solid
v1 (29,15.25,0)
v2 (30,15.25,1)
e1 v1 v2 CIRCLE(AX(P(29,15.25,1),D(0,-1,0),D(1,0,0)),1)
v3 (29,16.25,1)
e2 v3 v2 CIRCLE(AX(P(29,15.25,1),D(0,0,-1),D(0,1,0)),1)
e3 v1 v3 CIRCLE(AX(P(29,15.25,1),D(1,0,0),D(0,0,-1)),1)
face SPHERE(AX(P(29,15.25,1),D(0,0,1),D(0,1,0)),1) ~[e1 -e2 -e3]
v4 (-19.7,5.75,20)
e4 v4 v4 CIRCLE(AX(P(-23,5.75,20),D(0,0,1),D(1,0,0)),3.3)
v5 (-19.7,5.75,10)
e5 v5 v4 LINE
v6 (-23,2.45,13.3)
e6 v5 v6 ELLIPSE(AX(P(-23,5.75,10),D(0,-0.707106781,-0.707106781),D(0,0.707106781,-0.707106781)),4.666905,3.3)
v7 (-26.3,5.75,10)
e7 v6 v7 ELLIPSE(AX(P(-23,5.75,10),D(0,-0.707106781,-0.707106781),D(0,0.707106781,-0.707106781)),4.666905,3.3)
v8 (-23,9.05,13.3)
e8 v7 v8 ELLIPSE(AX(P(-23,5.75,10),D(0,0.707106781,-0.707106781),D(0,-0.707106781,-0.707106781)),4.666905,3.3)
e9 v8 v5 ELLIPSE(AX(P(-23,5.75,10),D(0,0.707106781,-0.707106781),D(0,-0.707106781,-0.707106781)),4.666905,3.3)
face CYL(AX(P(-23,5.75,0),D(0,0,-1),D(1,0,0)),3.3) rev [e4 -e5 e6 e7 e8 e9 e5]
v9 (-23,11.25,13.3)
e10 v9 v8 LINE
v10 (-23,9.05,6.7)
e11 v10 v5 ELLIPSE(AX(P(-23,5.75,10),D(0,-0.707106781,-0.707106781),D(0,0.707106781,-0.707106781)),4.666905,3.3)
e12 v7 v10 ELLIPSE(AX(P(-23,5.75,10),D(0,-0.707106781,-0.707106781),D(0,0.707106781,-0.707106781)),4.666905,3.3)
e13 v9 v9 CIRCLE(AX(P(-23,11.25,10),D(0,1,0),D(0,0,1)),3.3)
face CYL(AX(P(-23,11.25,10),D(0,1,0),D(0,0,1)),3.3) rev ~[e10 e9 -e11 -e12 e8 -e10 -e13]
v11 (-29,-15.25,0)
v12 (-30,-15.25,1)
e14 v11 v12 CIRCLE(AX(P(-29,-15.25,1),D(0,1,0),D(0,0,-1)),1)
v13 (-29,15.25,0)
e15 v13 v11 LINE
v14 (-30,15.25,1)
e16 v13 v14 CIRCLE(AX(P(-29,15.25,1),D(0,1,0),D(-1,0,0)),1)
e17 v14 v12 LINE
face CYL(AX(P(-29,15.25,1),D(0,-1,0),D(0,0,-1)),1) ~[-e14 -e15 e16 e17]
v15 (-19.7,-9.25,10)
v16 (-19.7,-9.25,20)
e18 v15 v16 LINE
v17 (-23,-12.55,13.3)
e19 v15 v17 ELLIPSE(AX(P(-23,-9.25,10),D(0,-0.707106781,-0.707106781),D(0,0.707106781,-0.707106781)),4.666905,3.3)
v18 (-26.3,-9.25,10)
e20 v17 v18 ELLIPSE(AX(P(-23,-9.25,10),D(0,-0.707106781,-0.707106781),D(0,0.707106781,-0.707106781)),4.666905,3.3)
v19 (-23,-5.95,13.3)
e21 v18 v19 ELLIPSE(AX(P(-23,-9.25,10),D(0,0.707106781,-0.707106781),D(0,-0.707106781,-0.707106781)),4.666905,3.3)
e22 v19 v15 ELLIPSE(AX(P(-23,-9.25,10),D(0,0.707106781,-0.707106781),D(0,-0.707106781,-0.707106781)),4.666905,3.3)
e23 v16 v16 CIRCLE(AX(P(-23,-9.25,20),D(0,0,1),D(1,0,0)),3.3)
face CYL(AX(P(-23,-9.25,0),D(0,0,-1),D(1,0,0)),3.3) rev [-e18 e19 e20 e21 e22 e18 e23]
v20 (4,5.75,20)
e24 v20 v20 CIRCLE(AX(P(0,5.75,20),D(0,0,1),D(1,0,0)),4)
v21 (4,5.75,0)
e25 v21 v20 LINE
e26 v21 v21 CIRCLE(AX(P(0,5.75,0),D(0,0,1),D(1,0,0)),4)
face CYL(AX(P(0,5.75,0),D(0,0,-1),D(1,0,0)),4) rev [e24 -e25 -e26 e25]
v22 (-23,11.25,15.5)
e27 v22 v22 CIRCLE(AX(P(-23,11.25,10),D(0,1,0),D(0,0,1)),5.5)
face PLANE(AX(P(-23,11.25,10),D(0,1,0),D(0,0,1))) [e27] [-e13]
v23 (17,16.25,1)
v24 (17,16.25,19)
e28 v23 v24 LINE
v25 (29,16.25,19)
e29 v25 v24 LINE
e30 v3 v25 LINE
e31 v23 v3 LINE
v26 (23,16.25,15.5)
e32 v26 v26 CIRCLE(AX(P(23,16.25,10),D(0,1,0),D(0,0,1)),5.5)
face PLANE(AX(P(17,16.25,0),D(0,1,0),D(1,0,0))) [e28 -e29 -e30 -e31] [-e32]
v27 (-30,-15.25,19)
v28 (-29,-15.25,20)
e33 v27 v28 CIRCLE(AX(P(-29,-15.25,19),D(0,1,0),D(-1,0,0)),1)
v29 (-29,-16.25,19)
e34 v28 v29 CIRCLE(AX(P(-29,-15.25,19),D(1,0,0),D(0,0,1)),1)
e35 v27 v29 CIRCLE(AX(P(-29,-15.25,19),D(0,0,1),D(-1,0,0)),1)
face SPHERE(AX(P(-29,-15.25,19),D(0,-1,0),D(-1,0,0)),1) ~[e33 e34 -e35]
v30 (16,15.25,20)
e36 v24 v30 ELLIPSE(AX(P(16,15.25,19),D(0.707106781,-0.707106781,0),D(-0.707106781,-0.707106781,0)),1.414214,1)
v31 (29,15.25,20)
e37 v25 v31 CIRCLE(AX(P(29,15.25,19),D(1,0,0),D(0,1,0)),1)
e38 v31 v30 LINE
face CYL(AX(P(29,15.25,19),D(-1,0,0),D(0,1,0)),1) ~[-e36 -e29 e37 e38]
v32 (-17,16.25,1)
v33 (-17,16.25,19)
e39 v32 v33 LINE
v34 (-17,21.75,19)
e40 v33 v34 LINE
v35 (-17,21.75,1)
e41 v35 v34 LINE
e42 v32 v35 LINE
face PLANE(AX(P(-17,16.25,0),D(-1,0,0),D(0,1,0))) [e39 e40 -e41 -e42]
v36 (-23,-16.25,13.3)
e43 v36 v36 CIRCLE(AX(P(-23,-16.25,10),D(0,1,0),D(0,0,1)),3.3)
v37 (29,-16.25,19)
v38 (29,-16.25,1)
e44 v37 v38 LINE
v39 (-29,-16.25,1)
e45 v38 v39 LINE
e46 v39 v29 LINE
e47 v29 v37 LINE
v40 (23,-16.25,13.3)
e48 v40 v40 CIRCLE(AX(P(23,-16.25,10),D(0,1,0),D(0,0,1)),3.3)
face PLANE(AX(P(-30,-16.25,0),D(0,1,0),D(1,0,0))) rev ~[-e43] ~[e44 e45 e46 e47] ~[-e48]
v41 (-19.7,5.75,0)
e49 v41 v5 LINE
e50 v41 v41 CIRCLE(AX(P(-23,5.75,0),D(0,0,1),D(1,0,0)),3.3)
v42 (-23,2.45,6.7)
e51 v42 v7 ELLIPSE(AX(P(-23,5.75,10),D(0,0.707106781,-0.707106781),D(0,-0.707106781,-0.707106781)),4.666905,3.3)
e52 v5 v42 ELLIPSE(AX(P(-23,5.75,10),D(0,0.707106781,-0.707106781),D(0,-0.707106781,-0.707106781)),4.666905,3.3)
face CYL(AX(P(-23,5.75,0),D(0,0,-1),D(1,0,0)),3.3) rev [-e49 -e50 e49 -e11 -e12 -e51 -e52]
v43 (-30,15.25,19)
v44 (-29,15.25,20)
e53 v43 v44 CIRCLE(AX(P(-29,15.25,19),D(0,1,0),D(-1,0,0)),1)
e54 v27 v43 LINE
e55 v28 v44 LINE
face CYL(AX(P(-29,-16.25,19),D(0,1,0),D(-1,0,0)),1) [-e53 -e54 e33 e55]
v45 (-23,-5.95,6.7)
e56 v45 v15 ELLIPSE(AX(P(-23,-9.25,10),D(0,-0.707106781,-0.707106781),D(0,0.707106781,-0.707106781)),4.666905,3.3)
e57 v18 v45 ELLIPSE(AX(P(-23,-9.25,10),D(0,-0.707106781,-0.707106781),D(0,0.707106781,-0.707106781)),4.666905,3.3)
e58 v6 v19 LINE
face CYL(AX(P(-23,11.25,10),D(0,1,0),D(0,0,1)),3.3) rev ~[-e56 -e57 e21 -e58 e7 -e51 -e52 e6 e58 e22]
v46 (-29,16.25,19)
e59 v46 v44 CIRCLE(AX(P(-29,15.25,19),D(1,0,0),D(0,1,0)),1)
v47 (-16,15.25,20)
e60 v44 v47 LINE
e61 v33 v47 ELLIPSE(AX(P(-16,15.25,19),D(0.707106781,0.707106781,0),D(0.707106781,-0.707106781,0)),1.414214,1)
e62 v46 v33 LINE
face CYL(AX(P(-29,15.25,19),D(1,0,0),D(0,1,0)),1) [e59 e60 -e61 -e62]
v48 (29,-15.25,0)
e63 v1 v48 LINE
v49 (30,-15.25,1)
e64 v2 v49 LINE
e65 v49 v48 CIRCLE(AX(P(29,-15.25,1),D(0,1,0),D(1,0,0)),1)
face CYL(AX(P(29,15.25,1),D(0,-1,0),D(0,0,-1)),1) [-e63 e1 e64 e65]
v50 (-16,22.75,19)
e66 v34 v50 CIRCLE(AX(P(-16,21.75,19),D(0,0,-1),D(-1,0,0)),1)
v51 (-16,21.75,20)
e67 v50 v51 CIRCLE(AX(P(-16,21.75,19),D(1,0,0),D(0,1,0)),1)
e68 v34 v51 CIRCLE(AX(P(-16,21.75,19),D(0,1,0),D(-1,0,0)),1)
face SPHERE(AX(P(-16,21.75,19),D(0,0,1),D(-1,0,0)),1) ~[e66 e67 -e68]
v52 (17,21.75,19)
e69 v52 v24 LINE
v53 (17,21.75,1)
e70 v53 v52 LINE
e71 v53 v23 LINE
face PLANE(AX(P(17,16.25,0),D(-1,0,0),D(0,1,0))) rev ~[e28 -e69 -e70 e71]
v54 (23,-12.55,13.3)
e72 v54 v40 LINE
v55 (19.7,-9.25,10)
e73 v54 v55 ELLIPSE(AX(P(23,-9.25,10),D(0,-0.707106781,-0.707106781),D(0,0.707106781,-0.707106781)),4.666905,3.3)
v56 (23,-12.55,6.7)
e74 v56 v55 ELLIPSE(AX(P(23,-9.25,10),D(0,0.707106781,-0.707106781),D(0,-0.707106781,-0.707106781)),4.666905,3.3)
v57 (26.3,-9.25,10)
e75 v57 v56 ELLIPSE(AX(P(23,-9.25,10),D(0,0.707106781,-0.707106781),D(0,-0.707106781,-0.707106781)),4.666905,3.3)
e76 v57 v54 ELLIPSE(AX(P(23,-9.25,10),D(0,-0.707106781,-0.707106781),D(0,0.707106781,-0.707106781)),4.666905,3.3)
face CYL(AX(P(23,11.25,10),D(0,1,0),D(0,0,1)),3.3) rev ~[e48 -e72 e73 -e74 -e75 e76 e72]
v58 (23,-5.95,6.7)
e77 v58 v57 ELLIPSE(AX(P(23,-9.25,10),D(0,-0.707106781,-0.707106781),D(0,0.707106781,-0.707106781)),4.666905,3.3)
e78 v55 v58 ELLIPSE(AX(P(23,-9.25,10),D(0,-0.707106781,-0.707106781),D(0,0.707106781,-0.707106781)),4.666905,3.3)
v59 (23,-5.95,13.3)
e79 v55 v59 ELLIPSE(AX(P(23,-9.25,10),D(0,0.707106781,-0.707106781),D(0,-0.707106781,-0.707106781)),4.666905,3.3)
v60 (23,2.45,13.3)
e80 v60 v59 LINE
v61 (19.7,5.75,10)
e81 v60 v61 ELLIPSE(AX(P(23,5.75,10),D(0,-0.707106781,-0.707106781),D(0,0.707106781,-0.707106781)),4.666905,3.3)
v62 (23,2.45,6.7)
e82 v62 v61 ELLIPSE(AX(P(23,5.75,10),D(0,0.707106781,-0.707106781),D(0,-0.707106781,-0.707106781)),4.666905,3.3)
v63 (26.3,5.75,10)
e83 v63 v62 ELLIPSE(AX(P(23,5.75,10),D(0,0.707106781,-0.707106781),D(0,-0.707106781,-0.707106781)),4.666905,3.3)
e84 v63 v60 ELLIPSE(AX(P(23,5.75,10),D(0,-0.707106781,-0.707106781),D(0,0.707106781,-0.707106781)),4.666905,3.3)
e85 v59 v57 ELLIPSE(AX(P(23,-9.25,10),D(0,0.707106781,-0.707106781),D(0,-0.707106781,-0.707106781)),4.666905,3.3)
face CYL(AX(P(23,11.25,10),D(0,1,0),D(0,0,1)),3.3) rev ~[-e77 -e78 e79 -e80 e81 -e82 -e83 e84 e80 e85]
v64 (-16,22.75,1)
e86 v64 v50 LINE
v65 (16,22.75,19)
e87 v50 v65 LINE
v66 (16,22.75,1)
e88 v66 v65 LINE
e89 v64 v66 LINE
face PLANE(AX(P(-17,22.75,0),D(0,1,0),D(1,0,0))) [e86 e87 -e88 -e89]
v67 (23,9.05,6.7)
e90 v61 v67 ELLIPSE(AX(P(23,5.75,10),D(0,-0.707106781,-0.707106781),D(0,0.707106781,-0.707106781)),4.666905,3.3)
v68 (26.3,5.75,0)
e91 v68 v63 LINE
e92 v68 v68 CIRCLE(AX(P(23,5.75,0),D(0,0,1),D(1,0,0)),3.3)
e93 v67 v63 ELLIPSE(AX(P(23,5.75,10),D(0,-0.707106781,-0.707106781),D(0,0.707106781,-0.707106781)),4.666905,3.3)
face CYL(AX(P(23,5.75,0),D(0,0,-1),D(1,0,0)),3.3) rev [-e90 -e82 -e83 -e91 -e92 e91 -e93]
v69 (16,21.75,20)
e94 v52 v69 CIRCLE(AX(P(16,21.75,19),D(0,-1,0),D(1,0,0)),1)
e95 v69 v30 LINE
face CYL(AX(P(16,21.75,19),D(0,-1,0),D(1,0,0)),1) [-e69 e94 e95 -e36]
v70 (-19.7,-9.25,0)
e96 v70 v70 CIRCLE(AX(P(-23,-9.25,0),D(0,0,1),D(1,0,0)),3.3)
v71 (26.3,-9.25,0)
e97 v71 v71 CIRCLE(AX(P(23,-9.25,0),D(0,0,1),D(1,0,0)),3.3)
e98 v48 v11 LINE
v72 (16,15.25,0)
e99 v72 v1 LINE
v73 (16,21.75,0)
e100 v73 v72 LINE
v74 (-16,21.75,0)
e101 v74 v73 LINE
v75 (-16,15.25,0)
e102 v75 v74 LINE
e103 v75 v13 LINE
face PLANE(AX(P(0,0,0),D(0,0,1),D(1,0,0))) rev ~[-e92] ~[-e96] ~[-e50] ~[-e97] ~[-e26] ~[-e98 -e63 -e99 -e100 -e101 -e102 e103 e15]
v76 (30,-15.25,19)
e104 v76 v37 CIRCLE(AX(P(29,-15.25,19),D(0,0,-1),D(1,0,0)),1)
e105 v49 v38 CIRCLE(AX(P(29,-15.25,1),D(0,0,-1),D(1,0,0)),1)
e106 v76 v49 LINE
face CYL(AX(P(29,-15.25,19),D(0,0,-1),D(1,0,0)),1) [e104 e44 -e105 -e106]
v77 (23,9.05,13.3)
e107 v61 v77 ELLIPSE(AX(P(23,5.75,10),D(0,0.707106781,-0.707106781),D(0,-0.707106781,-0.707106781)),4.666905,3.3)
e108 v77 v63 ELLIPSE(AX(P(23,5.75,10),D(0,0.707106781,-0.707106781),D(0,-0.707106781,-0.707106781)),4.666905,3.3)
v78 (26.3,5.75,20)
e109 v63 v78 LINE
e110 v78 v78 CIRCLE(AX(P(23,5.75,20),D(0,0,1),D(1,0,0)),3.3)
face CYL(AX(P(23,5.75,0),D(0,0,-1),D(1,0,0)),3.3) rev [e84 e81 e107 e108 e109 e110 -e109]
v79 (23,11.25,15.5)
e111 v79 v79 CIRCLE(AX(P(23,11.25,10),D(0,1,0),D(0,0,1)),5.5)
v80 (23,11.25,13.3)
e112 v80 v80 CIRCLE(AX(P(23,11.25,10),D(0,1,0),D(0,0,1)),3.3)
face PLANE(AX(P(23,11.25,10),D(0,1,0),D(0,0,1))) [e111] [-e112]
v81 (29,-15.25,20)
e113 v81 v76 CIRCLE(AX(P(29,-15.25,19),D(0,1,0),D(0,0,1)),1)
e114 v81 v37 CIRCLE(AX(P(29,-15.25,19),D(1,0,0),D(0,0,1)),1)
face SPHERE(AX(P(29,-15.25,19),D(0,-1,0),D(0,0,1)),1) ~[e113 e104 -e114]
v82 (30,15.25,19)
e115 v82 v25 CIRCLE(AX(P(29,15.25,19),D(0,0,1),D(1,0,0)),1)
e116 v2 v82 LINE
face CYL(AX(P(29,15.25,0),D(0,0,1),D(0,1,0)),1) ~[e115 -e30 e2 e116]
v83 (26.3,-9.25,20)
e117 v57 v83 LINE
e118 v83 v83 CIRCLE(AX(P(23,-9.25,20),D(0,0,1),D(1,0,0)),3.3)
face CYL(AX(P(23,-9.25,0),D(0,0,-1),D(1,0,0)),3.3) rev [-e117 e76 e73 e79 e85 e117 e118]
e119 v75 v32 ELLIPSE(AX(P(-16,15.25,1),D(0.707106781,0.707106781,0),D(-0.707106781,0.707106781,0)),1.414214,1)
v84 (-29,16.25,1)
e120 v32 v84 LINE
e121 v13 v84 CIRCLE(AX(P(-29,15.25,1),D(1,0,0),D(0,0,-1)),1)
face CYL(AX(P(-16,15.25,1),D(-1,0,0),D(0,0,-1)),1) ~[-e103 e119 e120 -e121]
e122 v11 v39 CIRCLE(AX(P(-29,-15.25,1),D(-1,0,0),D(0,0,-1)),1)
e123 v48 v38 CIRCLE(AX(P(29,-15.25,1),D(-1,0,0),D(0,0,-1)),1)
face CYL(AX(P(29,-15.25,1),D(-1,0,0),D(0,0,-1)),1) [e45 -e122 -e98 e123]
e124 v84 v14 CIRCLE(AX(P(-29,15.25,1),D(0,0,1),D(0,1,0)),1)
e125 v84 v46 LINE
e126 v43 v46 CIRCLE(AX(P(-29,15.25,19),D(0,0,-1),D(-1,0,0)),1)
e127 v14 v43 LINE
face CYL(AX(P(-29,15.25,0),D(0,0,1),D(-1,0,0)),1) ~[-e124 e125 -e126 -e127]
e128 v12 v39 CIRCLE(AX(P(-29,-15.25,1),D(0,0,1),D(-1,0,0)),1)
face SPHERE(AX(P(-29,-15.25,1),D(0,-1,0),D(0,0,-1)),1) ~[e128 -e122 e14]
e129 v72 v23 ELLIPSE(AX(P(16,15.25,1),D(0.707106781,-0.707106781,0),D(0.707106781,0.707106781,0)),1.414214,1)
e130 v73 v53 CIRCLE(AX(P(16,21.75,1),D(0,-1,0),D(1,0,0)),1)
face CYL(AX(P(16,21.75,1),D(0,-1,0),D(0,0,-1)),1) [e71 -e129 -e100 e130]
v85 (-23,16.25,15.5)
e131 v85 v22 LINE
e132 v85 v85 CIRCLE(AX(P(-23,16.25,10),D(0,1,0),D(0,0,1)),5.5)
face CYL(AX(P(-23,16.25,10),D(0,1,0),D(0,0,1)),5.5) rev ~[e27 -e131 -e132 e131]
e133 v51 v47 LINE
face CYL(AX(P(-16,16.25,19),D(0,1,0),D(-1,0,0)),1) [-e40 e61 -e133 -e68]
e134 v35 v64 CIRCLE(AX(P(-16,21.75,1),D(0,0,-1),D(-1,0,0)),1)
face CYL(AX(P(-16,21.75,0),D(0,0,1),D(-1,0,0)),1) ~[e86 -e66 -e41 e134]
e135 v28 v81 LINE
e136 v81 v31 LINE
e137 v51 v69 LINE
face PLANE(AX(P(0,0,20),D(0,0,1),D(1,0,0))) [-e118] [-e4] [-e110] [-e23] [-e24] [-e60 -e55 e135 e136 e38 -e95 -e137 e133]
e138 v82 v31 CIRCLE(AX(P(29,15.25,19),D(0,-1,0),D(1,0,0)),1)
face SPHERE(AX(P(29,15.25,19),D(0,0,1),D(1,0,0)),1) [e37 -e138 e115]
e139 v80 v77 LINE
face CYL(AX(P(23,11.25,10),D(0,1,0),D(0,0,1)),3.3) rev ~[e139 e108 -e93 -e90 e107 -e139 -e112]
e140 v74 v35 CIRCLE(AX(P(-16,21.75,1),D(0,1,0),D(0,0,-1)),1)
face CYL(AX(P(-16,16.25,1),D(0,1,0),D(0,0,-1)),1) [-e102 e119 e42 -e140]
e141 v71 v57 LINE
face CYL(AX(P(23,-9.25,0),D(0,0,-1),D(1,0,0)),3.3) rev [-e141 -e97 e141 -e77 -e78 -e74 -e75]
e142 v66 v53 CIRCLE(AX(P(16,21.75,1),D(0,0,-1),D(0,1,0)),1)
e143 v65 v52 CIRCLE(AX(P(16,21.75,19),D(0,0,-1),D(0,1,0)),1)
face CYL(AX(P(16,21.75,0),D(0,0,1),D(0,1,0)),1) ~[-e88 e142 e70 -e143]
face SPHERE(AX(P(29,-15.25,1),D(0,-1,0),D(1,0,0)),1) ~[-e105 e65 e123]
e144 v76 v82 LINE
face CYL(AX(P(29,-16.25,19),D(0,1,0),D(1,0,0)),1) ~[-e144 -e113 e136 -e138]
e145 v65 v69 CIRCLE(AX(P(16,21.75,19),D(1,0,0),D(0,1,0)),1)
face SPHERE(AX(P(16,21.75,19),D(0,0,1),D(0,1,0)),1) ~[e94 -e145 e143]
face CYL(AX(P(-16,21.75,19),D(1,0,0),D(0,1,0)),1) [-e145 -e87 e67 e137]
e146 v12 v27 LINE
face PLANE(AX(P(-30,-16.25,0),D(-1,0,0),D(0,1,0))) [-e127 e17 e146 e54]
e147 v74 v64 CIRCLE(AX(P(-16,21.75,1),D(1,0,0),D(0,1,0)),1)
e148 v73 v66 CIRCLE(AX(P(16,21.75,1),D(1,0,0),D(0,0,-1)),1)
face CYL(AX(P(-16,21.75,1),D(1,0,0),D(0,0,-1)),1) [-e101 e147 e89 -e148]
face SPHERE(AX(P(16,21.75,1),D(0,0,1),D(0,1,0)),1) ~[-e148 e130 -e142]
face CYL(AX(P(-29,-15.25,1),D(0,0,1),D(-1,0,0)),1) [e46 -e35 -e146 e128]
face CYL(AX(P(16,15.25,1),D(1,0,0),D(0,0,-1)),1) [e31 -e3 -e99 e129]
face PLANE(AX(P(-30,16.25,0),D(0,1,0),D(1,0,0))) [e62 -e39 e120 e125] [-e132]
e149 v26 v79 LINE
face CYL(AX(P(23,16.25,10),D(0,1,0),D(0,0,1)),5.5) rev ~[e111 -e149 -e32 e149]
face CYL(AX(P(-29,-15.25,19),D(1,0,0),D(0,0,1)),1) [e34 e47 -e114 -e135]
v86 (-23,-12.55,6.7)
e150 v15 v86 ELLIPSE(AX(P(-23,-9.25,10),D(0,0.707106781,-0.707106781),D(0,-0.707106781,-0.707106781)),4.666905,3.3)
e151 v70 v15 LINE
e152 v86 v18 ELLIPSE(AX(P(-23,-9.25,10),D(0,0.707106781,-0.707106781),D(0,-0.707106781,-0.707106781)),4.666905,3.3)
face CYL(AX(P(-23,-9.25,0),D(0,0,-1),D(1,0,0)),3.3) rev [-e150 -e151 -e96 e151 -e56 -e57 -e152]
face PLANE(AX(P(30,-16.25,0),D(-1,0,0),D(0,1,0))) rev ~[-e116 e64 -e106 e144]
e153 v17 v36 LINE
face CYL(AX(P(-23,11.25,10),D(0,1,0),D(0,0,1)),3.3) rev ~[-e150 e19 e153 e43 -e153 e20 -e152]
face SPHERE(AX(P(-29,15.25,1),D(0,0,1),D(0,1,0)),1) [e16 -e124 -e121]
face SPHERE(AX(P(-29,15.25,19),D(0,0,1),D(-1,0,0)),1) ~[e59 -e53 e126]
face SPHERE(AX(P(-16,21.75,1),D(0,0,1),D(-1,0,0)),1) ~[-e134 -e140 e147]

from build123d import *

# Parameters (mm, degrees)
SKETCH_1_W               = 60
SKETCH_1_H               = 32.5
SKETCH_1_R               = 4
SKETCH_1_R_2             = 3.3
SKETCH_1_W_2             = 34
SKETCH_1_H_2             = 6.5
EXTRUDE_1_DEPTH          = 20
SKETCH_4_R               = 5.5
CUT_EXTRUDE_1_DEPTH      = 49.541219597
CUT_EXTRUDE_1_DEPTH_BACK = 5
FILLET_1_R               = 1
FILLET_2_R               = 1
FILLET_4_R               = 1
FILLET_5_R               = 1
FILLET_6_R               = 1
FILLET_7_R               = 1
FILLET_8_R               = 1
FILLET_9_R               = 1
FILLET_10_R              = 1
FILLET_11_R              = 1
FILLET_12_R              = 1
SKETCH_5_R               = 3.3
CUT_EXTRUDE_2_DEPTH      = 89


with BuildPart() as part:
    # 草图1 → 凸台-拉伸1 (new body)
    with BuildSketch(Plane.XY):
        Rectangle(SKETCH_1_W, SKETCH_1_H)
        with Locations((0, 5.75)):
            Circle(SKETCH_1_R, mode=Mode.SUBTRACT)
        with Locations((-23, 5.75)):
            Circle(SKETCH_1_R_2, mode=Mode.SUBTRACT)
        with Locations((-23, -9.25)):
            Circle(SKETCH_1_R_2, mode=Mode.SUBTRACT)
        with Locations((23, -9.25)):
            Circle(SKETCH_1_R_2, mode=Mode.SUBTRACT)
        with Locations((23, 5.75)):
            Circle(SKETCH_1_R_2, mode=Mode.SUBTRACT)
        with Locations((0, 19.5)):
            Rectangle(SKETCH_1_W_2, SKETCH_1_H_2)
    extrude(amount=EXTRUDE_1_DEPTH)

    # 草图4 → 切除-拉伸1 (cut, two sides)
    with BuildSketch(Plane(origin=(0, 16.25, 0), x_dir=(1, 0, 0), z_dir=(0, 1, 0))) as cut_extrude_1_sk:
        with Locations(Location((-23, -10, 0), (0, 0, 270))):
            Circle(SKETCH_4_R)
        with Locations(Location((23, -10, 0), (0, 0, 270))):
            Circle(SKETCH_4_R)
    extrude(amount=CUT_EXTRUDE_1_DEPTH, mode=Mode.SUBTRACT)
    extrude(cut_extrude_1_sk.sketch, amount=-CUT_EXTRUDE_1_DEPTH_BACK, mode=Mode.SUBTRACT)

    # 圆角1
    fillet_1_edges = [part.edges().sort_by_distance(p)[0] for p in [
        (-17, 22.75, 10),
    ]]
    fillet(fillet_1_edges, radius=FILLET_1_R)

    # 圆角2
    fillet_2_edges = [part.edges().sort_by_distance(p)[0] for p in [
        (17, 22.75, 10),
    ]]
    fillet(fillet_2_edges, radius=FILLET_2_R)

    # 圆角4
    fillet_4_edges = [part.edges().sort_by_distance(p)[0] for p in [
        (30, 16.25, 10),
    ]]
    fillet(fillet_4_edges, radius=FILLET_4_R)

    # 圆角5
    fillet_5_edges = [part.edges().sort_by_distance(p)[0] for p in [
        (-30, 16.25, 10),
    ]]
    fillet(fillet_5_edges, radius=FILLET_5_R)

    # 圆角6
    fillet_6_edges = [part.edges().sort_by_distance(p)[0] for p in [
        (-17, 19, 20),
        (0, 22.75, 20),
        (-16.707106781, 22.457106781, 20),
        (17, 19, 20),
        (16.707106781, 22.457106781, 20),
    ]]
    fillet(fillet_6_edges, radius=FILLET_6_R)

    # 圆角7
    fillet_7_edges = [part.edges().sort_by_distance(p)[0] for p in [
        (-17, 19, 0),
        (0, 22.75, 0),
        (-16.707106781, 22.457106781, 0),
        (17, 19, 0),
        (16.707106781, 22.457106781, 0),
    ]]
    fillet(fillet_7_edges, radius=FILLET_7_R)

    # 圆角8
    fillet_8_edges = [part.edges().sort_by_distance(p)[0] for p in [
        (-22.5, 16.25, 20),
        (-30, -0.5, 20),
        (-29.707106781, 15.957106781, 20),
    ]]
    fillet(fillet_8_edges, radius=FILLET_8_R)

    # 圆角9
    fillet_9_edges = [part.edges().sort_by_distance(p)[0] for p in [
        (22.5, 16.25, 20),
        (30, -0.5, 20),
        (29.707106781, 15.957106781, 20),
    ]]
    fillet(fillet_9_edges, radius=FILLET_9_R)

    # 圆角10
    fillet_10_edges = [part.edges().sort_by_distance(p)[0] for p in [
        (22.5, 16.25, 0),
        (30, -0.5, 0),
        (29.707106781, 15.957106781, 0),
    ]]
    fillet(fillet_10_edges, radius=FILLET_10_R)

    # 圆角11
    fillet_11_edges = [part.edges().sort_by_distance(p)[0] for p in [
        (-22.5, 16.25, 0),
        (-30, -0.5, 0),
        (-29.707106781, 15.957106781, 0),
    ]]
    fillet(fillet_11_edges, radius=FILLET_11_R)

    # 圆角12
    fillet_12_edges = [part.edges().sort_by_distance(p)[0] for p in [
        (-30, -16.25, 10),
        (0, -16.25, 20),
        (-29.707106781, -16.25, 19.707106781),
        (30, -16.25, 10),
        (29.707106781, -16.25, 19.707106781),
        (29.707106781, -16.25, 0.292893219),
        (0, -16.25, 0),
        (-29.707106781, -16.25, 0.292893219),
    ]]
    fillet(fillet_12_edges, radius=FILLET_12_R)

    # 草图5 → 切除-拉伸2 (cut)
    with BuildSketch(Plane(origin=(0, 11.25, 0), x_dir=(1, 0, 0), z_dir=(0, 1, 0))):
        with Locations(Location((-23, -10, 0), (0, 0, 270))):
            Circle(SKETCH_5_R)
        with Locations(Location((23, -10, 0), (0, 0, 270))):
            Circle(SKETCH_5_R)
    extrude(amount=-CUT_EXTRUDE_2_DEPTH, mode=Mode.SUBTRACT)


solid = part.part
